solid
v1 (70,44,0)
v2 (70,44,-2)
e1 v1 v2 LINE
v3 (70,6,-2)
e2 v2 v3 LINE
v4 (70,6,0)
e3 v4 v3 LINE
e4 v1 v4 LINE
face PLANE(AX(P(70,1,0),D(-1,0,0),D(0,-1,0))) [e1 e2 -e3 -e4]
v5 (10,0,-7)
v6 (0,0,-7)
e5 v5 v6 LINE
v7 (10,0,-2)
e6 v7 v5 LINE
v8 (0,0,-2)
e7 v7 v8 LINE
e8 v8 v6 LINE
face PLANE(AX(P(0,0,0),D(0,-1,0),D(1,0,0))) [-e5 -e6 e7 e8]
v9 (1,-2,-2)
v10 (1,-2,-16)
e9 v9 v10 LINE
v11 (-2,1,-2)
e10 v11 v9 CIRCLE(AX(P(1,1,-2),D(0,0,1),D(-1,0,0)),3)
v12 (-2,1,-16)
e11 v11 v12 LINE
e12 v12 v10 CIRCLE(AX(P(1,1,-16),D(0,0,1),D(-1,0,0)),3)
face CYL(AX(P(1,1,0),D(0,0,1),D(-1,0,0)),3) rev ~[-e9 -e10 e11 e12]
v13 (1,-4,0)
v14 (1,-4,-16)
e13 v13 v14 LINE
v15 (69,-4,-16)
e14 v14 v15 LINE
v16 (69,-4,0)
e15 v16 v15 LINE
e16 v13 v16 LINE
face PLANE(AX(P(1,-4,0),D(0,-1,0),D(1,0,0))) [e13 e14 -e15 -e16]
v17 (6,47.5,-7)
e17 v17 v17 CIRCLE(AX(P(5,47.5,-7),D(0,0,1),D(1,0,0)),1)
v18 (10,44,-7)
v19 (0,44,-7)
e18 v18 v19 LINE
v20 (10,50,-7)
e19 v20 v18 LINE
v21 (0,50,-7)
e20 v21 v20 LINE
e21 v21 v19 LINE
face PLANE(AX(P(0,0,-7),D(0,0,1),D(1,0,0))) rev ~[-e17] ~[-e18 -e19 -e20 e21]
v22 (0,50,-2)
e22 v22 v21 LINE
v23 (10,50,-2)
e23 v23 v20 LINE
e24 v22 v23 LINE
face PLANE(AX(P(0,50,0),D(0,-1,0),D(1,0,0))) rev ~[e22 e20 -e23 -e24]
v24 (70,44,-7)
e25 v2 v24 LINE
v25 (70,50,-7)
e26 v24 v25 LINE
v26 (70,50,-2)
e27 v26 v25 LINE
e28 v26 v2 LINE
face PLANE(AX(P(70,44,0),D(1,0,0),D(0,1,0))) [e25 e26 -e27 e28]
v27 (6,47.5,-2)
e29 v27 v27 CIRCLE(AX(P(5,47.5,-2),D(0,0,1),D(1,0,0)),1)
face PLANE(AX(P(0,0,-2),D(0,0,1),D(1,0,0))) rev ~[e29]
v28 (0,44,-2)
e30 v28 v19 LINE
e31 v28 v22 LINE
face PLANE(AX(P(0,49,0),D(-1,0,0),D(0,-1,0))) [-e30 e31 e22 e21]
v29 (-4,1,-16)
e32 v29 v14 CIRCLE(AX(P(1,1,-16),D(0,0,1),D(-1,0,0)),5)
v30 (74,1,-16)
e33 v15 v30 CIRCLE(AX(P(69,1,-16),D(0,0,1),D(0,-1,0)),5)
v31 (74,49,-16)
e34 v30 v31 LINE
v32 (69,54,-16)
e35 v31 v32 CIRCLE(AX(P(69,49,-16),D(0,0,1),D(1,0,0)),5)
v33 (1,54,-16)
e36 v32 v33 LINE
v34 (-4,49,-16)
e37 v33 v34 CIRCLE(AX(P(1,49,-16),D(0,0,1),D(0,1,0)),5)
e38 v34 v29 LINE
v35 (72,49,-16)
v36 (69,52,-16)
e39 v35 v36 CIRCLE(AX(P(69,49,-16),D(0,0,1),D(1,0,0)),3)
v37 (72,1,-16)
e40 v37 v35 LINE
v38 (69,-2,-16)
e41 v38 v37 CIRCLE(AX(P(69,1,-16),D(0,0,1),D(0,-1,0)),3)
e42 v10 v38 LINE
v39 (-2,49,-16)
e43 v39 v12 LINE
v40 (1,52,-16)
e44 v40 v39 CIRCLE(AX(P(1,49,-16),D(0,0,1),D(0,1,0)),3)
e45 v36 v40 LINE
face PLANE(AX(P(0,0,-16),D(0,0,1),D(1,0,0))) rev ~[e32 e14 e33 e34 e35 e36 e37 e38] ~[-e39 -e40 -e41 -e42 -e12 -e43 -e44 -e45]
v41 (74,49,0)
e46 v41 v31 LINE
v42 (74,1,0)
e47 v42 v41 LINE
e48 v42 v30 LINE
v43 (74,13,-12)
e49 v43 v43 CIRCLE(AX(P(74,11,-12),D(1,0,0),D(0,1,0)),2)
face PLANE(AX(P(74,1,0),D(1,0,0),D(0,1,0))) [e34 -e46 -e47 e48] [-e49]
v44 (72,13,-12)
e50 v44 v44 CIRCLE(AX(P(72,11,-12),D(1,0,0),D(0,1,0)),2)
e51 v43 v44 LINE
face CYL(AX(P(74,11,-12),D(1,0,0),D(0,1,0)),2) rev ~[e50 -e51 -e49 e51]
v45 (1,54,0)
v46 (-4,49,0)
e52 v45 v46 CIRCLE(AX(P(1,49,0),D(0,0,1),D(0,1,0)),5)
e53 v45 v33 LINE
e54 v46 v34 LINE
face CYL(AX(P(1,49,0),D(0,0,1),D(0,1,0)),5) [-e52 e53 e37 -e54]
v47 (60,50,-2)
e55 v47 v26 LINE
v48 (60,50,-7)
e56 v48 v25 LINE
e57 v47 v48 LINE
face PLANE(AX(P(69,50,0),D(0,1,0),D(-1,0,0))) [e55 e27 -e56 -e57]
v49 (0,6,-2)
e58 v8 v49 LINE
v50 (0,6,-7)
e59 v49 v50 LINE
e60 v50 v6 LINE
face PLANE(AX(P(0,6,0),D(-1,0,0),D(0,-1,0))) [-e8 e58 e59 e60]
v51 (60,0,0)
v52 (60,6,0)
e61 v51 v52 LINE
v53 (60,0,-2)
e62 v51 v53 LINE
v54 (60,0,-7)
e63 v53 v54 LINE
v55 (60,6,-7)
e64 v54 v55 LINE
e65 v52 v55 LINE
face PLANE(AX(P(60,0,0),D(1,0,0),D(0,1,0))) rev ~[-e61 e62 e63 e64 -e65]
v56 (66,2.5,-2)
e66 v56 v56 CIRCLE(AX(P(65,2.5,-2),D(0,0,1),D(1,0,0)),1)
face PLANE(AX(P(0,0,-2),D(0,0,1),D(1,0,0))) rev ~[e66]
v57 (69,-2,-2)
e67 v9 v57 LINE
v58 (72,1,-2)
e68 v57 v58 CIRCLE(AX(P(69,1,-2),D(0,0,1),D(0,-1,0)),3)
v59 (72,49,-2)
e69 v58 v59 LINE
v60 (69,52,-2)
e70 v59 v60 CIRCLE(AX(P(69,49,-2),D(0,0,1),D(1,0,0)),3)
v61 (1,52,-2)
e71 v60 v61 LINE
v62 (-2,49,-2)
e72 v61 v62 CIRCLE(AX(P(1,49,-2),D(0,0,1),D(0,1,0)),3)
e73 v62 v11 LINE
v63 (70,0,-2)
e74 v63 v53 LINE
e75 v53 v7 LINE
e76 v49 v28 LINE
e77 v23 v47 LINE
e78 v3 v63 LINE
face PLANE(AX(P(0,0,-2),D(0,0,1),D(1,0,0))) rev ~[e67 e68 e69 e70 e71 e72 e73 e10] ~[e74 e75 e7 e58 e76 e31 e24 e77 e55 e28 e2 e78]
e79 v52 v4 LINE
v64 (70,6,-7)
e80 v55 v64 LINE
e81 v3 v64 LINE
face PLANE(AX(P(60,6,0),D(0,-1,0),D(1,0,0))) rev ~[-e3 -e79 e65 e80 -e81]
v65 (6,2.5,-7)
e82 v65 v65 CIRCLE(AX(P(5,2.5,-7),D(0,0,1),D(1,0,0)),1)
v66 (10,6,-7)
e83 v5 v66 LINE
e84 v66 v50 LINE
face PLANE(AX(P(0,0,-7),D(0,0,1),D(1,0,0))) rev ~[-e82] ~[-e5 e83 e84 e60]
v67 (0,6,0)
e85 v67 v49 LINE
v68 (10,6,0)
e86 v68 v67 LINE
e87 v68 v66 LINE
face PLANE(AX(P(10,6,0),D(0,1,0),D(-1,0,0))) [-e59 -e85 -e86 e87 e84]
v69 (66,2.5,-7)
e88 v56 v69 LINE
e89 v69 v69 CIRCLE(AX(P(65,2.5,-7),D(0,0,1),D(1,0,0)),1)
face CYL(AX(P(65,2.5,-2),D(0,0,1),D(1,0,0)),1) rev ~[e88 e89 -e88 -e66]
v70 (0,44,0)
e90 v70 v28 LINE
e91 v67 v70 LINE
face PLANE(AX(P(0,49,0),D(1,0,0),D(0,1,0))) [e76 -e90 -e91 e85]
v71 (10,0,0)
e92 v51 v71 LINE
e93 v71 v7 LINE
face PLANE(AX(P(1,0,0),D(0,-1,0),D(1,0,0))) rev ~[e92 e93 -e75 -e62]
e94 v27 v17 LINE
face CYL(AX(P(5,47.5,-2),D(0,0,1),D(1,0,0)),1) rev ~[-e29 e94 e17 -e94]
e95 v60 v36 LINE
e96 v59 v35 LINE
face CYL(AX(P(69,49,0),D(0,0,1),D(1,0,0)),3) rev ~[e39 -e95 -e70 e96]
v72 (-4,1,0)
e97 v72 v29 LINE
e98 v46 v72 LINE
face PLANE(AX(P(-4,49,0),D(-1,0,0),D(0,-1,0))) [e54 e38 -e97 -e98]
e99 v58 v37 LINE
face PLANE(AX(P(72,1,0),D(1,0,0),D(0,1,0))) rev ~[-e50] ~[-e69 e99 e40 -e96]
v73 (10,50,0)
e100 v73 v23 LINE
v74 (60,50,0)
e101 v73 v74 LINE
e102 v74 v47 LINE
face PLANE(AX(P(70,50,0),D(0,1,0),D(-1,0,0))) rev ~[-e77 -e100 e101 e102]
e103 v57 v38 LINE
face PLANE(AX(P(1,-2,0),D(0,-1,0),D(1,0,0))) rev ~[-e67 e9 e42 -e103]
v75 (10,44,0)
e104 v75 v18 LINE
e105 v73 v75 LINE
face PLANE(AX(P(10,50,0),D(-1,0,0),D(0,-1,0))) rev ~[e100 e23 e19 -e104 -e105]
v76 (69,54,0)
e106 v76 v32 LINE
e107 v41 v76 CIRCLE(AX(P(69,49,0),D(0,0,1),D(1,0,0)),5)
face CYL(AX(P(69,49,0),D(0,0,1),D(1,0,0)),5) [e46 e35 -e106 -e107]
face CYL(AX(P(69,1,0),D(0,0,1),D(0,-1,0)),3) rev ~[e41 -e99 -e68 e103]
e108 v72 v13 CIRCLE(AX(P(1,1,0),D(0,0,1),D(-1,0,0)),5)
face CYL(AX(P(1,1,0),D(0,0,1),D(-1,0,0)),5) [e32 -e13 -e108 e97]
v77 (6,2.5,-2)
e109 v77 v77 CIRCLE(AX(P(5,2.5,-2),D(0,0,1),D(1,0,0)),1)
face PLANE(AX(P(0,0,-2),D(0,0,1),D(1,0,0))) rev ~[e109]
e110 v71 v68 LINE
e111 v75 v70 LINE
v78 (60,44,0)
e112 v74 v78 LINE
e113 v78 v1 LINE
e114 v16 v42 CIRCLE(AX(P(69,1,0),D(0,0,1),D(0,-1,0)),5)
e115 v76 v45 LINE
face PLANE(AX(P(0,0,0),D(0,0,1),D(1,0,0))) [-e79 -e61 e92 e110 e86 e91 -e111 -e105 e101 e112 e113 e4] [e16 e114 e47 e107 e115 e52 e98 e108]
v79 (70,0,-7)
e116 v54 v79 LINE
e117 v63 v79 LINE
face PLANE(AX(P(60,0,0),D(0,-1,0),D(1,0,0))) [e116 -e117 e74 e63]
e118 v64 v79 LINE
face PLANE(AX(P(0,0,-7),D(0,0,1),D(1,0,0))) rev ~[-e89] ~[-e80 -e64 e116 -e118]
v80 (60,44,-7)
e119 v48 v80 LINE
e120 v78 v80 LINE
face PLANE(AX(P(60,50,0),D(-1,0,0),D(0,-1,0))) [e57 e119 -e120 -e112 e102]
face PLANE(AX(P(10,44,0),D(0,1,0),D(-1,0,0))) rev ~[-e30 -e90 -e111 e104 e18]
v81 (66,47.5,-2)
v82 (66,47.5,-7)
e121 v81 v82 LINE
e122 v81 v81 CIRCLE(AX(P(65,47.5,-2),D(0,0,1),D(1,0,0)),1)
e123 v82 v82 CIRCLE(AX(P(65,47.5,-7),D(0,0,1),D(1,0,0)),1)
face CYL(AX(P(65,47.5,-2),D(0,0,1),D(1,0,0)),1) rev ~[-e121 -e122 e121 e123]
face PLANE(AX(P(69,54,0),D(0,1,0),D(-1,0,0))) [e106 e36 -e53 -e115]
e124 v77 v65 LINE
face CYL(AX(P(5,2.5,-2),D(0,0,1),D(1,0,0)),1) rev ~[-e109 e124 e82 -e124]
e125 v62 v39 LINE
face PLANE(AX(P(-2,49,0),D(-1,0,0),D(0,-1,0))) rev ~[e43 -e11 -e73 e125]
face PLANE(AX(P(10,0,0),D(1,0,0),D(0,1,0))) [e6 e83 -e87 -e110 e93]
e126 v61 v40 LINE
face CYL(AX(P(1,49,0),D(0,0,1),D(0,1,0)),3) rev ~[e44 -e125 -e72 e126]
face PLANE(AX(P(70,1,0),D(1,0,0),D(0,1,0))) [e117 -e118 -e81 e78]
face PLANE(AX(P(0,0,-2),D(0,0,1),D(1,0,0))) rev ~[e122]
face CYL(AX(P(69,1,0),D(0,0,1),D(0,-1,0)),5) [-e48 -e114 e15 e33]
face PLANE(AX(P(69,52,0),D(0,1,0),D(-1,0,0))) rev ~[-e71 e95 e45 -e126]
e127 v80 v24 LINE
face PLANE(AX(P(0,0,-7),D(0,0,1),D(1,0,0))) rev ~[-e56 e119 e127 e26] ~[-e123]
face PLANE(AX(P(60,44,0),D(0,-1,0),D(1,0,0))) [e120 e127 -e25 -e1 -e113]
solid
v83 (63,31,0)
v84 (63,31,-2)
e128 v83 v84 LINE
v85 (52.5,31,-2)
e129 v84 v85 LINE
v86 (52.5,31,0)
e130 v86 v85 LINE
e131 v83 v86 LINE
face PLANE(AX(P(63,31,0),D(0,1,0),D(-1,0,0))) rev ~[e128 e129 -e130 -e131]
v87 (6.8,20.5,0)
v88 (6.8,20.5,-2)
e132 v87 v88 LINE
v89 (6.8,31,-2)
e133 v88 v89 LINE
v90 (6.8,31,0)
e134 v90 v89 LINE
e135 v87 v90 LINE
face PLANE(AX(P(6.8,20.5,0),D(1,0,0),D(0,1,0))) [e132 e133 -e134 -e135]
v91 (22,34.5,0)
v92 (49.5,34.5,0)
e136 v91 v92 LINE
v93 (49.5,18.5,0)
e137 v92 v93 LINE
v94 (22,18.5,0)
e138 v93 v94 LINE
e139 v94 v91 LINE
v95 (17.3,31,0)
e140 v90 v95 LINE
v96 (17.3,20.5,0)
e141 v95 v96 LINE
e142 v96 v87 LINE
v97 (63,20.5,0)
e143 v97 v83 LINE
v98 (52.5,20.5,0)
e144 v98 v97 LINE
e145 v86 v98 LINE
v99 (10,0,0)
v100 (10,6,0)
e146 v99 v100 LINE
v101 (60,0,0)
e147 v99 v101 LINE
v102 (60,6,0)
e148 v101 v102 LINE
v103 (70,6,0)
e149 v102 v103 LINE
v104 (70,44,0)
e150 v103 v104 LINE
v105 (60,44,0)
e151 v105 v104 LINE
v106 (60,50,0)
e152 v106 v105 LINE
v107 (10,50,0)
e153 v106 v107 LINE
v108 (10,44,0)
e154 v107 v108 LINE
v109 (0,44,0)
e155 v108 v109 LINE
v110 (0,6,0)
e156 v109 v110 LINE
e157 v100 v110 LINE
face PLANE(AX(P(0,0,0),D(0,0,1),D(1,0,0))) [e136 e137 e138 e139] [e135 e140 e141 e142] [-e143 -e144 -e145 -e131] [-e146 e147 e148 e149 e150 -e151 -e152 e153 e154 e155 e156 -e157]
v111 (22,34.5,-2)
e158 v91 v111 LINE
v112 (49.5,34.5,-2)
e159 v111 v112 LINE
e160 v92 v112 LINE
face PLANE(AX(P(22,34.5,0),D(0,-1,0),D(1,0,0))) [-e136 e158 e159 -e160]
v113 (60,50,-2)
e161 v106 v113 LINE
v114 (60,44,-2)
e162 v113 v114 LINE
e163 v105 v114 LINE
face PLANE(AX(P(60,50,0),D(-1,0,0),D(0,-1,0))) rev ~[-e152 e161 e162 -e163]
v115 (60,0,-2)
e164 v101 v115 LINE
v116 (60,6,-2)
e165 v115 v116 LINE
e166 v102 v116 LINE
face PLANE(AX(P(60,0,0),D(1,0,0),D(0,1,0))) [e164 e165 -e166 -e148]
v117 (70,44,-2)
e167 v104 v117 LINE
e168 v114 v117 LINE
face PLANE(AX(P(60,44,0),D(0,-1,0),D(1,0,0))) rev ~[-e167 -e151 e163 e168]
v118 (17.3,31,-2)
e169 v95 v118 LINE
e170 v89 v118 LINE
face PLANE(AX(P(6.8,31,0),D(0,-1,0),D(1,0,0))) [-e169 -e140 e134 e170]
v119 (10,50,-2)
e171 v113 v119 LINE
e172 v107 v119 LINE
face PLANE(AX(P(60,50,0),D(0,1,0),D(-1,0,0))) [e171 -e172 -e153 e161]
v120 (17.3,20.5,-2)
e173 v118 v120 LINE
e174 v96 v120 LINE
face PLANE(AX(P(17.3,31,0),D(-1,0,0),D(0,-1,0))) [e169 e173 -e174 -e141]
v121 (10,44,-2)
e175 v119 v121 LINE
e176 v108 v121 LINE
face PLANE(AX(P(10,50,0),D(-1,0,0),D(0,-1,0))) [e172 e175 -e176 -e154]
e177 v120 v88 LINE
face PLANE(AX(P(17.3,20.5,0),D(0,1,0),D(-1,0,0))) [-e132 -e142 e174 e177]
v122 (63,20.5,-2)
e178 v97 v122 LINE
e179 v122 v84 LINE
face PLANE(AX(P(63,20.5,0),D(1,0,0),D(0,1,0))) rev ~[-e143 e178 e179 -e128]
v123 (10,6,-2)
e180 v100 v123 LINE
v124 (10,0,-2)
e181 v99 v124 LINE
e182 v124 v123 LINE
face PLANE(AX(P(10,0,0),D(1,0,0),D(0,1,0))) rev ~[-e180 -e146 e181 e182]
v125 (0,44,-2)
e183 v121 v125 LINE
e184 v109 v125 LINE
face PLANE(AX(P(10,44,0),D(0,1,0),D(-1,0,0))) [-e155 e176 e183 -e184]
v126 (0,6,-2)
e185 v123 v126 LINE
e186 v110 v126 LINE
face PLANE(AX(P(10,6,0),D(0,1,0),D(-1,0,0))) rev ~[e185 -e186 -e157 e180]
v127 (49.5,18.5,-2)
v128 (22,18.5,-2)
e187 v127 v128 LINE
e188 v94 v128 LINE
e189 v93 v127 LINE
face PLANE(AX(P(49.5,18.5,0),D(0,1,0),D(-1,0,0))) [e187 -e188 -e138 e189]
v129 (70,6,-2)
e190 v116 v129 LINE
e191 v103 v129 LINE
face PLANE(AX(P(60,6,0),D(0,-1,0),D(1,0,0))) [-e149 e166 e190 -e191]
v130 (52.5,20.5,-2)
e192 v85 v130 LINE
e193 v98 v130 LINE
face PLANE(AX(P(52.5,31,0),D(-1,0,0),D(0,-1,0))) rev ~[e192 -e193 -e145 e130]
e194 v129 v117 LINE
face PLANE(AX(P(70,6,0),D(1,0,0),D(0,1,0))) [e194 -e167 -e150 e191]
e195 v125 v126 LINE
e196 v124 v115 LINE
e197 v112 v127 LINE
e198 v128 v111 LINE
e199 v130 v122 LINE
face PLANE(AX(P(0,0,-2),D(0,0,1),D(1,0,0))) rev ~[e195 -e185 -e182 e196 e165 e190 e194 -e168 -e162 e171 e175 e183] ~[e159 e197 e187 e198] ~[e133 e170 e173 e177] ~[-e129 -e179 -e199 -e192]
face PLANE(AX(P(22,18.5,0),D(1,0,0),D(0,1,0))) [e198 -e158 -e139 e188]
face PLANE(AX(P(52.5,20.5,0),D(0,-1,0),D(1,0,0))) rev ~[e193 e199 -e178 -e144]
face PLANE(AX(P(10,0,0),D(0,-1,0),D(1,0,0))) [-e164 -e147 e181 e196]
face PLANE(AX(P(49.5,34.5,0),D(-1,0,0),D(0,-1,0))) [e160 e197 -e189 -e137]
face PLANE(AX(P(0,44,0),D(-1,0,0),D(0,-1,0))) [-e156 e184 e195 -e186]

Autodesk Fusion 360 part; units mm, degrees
sketch "Sketch1" plane through (0, 0, 0) normal (0, 0, 1) x (1, 0, 0)
  line L0 (1, 0) -> (69, 0)
  line L1 (70, 1) -> (70, 49)
  line L2 (69, 50) -> (1, 50)
  line L3 (0, 49) -> (0, 1)
  line L4 (0, 2.5) -> (70, 2.5) construction
  line L5 (0, 47.5) -> (70, 47.5) construction
  line L6 (65, 50) -> (65, 0) construction
  line L7 (5, 50) -> (5, 0) construction
  line L8 (0, 50) -> (10, 50)
  line L9 (10, 50) -> (10, 44)
  line L10 (10, 44) -> (0, 44)
  line L11 (0, 44) -> (0, 50)
  line L12 (70, 50) -> (60, 50)
  line L13 (60, 50) -> (60, 44)
  line L14 (60, 44) -> (70, 44)
  line L15 (70, 44) -> (70, 50)
  line L16 (0, 0) -> (10, 0)
  line L17 (10, 0) -> (10, 6)
  line L18 (10, 6) -> (0, 6)
  line L19 (0, 6) -> (0, 0)
  line L20 (70, 0) -> (60, 0)
  line L21 (60, 0) -> (60, 6)
  line L22 (60, 6) -> (70, 6)
  line L23 (70, 6) -> (70, 0)
  line L24 (6.8, 50) -> (6.8, 0) construction
  line L25 (63, 0) -> (63, 50) construction
  line L26 (63, 31) -> (52.5, 31)
  line L27 (52.5, 31) -> (52.5, 20.5)
  line L28 (52.5, 20.5) -> (63, 20.5)
  line L29 (63, 20.5) -> (63, 31)
  line L30 (6.8, 31) -> (17.3, 31)
  line L31 (17.3, 31) -> (17.3, 20.5)
  line L32 (17.3, 20.5) -> (6.8, 20.5)
  line L33 (6.8, 20.5) -> (6.8, 31)
  line L34 (22, 34.5) -> (49.5, 34.5)
  line L35 (49.5, 34.5) -> (49.5, 18.5)
  line L36 (49.5, 18.5) -> (22, 18.5)
  line L37 (22, 18.5) -> (22, 34.5)
  circle A0 centre (5, 47.5) radius 1
  circle A1 centre (65, 47.5) radius 1
  circle A2 centre (5, 2.5) radius 1
  circle A3 centre (65, 2.5) radius 1
  arc A4 (1, 50) -> (0, 49) centre (1, 49) ccw
  arc A5 (70, 49) -> (69, 50) centre (69, 49) ccw
  arc A6 (0, 1) -> (1, 0) centre (1, 1) ccw
  arc A7 (69, 0) -> (70, 1) centre (69, 1) ccw
  line L38 (72, 1) -> (72, 49)
  arc A8 (72, 49) -> (69, 52) centre (69, 49) ccw
  line L39 (69, 52) -> (1, 52)
  arc A9 (1, 52) -> (-2, 49) centre (1, 49) ccw
  line L40 (-2, 49) -> (-2, 1)
  arc A10 (-2, 1) -> (1, -2) centre (1, 1) ccw
  line L41 (1, -2) -> (69, -2)
  arc A11 (69, -2) -> (72, 1) centre (69, 1) ccw
  line L42 (1, -4) -> (69, -4)
  arc A12 (69, -4) -> (74, 1) centre (69, 1) ccw
  line L43 (74, 1) -> (74, 49)
  arc A13 (74, 49) -> (69, 54) centre (69, 49) ccw
  line L44 (69, 54) -> (1, 54)
  arc A14 (1, 54) -> (-4, 49) centre (1, 49) ccw
  line L45 (-4, 49) -> (-4, 1)
  arc A15 (-4, 1) -> (1, -4) centre (1, 1) ccw
  dimension "d1" = 2
  dimension "d2" = 4
  dimension "d3" = 5
  dimension "d4" = 5
  dimension "d5" = 2.5
  dimension "d6" = 2.5
  dimension "d7" = 10
  dimension "d8" = 6
  dimension "d9" = 10
  dimension "d10" = 6
  dimension "d11" = 10
  dimension "d12" = 6
  dimension "d13" = 10
  dimension "d14" = 6
  dimension "d15" = 6.8
  dimension "d16" = 7
  dimension "d17" = 10.5
  dimension "d18" = 10.5
  dimension "d19" = 10.5
  dimension "d20" = 10.5
  dimension "d21" = 19
  dimension "d22" = 19
  dimension "d23" = 27.5
  dimension "d24" = 16
  dimension "d25" = 22
  dimension "d34" = 2
  dimension "d35" = 2
  dimension "d36" = 2
  dimension "d37" = 2
  dimension "d41" = 1
  dimension "d42" = 1
  dimension "d43" = 1
  dimension "d44" = 1
  dimension "d45" = 15.5
extrude "Extrude1" add sketch "Sketch1" against normal blind 16 contours L42 A12 L43 A13 L44 A14 L45 A15 makes body 1
extrude "Extrude2" add sketch "Sketch1" against normal blind 2 contours L38 A8 L39 A9 L40 A10 L41 A11 bodies 1
extrude "Extrude3" add sketch "Sketch1" against normal blind 7 contours L0 L3 L16 L17 L18 L19 A6 | L16 L19 A6 | L0 L1 L20 L21 L22 L23 A7 | L20 L23 A7 | L2 L3 L8 L9 L10 L11 A4 | L8 L11 A4 | L1 L2 L12 L13 L14 L15 A5 | L12 L15 A5 | A0 | A1 | A2 | A3 bodies 1
extrude "Extrude4" add sketch "Sketch1" against normal blind 2 separate body contours L0 L1 L2 L3 L9 L10 L13 L14 L17 L18 L21 L22 makes body 2
extrude "Extrude5" cut sketch "Sketch1" against normal blind 12 from surface at -2 contours A0 | A1 | A2 | A3 bodies 1
sketch "Sketch2" plane through (74, 0, 0) normal (1, 0, 0) x (0, 1, 0)
  line L0 (49, 0) -> (1, 0)
  line L1 (1, 0) -> (1, -16)
  line L2 (1, -16) -> (49, -16)
  line L3 (49, -16) -> (49, 0)
  line L4 (11, 0) -> (11, -16) construction
  line L5 (1, -12) -> (49, -12) construction
  circle A0 centre (11, -12) radius 2
  dimension "d47" = 4
  dimension "d50" = 10
  dimension "d51" = 4
extrude "Extrude7" cut sketch "Sketch2" against normal blind 6 contours A0 bodies 1
